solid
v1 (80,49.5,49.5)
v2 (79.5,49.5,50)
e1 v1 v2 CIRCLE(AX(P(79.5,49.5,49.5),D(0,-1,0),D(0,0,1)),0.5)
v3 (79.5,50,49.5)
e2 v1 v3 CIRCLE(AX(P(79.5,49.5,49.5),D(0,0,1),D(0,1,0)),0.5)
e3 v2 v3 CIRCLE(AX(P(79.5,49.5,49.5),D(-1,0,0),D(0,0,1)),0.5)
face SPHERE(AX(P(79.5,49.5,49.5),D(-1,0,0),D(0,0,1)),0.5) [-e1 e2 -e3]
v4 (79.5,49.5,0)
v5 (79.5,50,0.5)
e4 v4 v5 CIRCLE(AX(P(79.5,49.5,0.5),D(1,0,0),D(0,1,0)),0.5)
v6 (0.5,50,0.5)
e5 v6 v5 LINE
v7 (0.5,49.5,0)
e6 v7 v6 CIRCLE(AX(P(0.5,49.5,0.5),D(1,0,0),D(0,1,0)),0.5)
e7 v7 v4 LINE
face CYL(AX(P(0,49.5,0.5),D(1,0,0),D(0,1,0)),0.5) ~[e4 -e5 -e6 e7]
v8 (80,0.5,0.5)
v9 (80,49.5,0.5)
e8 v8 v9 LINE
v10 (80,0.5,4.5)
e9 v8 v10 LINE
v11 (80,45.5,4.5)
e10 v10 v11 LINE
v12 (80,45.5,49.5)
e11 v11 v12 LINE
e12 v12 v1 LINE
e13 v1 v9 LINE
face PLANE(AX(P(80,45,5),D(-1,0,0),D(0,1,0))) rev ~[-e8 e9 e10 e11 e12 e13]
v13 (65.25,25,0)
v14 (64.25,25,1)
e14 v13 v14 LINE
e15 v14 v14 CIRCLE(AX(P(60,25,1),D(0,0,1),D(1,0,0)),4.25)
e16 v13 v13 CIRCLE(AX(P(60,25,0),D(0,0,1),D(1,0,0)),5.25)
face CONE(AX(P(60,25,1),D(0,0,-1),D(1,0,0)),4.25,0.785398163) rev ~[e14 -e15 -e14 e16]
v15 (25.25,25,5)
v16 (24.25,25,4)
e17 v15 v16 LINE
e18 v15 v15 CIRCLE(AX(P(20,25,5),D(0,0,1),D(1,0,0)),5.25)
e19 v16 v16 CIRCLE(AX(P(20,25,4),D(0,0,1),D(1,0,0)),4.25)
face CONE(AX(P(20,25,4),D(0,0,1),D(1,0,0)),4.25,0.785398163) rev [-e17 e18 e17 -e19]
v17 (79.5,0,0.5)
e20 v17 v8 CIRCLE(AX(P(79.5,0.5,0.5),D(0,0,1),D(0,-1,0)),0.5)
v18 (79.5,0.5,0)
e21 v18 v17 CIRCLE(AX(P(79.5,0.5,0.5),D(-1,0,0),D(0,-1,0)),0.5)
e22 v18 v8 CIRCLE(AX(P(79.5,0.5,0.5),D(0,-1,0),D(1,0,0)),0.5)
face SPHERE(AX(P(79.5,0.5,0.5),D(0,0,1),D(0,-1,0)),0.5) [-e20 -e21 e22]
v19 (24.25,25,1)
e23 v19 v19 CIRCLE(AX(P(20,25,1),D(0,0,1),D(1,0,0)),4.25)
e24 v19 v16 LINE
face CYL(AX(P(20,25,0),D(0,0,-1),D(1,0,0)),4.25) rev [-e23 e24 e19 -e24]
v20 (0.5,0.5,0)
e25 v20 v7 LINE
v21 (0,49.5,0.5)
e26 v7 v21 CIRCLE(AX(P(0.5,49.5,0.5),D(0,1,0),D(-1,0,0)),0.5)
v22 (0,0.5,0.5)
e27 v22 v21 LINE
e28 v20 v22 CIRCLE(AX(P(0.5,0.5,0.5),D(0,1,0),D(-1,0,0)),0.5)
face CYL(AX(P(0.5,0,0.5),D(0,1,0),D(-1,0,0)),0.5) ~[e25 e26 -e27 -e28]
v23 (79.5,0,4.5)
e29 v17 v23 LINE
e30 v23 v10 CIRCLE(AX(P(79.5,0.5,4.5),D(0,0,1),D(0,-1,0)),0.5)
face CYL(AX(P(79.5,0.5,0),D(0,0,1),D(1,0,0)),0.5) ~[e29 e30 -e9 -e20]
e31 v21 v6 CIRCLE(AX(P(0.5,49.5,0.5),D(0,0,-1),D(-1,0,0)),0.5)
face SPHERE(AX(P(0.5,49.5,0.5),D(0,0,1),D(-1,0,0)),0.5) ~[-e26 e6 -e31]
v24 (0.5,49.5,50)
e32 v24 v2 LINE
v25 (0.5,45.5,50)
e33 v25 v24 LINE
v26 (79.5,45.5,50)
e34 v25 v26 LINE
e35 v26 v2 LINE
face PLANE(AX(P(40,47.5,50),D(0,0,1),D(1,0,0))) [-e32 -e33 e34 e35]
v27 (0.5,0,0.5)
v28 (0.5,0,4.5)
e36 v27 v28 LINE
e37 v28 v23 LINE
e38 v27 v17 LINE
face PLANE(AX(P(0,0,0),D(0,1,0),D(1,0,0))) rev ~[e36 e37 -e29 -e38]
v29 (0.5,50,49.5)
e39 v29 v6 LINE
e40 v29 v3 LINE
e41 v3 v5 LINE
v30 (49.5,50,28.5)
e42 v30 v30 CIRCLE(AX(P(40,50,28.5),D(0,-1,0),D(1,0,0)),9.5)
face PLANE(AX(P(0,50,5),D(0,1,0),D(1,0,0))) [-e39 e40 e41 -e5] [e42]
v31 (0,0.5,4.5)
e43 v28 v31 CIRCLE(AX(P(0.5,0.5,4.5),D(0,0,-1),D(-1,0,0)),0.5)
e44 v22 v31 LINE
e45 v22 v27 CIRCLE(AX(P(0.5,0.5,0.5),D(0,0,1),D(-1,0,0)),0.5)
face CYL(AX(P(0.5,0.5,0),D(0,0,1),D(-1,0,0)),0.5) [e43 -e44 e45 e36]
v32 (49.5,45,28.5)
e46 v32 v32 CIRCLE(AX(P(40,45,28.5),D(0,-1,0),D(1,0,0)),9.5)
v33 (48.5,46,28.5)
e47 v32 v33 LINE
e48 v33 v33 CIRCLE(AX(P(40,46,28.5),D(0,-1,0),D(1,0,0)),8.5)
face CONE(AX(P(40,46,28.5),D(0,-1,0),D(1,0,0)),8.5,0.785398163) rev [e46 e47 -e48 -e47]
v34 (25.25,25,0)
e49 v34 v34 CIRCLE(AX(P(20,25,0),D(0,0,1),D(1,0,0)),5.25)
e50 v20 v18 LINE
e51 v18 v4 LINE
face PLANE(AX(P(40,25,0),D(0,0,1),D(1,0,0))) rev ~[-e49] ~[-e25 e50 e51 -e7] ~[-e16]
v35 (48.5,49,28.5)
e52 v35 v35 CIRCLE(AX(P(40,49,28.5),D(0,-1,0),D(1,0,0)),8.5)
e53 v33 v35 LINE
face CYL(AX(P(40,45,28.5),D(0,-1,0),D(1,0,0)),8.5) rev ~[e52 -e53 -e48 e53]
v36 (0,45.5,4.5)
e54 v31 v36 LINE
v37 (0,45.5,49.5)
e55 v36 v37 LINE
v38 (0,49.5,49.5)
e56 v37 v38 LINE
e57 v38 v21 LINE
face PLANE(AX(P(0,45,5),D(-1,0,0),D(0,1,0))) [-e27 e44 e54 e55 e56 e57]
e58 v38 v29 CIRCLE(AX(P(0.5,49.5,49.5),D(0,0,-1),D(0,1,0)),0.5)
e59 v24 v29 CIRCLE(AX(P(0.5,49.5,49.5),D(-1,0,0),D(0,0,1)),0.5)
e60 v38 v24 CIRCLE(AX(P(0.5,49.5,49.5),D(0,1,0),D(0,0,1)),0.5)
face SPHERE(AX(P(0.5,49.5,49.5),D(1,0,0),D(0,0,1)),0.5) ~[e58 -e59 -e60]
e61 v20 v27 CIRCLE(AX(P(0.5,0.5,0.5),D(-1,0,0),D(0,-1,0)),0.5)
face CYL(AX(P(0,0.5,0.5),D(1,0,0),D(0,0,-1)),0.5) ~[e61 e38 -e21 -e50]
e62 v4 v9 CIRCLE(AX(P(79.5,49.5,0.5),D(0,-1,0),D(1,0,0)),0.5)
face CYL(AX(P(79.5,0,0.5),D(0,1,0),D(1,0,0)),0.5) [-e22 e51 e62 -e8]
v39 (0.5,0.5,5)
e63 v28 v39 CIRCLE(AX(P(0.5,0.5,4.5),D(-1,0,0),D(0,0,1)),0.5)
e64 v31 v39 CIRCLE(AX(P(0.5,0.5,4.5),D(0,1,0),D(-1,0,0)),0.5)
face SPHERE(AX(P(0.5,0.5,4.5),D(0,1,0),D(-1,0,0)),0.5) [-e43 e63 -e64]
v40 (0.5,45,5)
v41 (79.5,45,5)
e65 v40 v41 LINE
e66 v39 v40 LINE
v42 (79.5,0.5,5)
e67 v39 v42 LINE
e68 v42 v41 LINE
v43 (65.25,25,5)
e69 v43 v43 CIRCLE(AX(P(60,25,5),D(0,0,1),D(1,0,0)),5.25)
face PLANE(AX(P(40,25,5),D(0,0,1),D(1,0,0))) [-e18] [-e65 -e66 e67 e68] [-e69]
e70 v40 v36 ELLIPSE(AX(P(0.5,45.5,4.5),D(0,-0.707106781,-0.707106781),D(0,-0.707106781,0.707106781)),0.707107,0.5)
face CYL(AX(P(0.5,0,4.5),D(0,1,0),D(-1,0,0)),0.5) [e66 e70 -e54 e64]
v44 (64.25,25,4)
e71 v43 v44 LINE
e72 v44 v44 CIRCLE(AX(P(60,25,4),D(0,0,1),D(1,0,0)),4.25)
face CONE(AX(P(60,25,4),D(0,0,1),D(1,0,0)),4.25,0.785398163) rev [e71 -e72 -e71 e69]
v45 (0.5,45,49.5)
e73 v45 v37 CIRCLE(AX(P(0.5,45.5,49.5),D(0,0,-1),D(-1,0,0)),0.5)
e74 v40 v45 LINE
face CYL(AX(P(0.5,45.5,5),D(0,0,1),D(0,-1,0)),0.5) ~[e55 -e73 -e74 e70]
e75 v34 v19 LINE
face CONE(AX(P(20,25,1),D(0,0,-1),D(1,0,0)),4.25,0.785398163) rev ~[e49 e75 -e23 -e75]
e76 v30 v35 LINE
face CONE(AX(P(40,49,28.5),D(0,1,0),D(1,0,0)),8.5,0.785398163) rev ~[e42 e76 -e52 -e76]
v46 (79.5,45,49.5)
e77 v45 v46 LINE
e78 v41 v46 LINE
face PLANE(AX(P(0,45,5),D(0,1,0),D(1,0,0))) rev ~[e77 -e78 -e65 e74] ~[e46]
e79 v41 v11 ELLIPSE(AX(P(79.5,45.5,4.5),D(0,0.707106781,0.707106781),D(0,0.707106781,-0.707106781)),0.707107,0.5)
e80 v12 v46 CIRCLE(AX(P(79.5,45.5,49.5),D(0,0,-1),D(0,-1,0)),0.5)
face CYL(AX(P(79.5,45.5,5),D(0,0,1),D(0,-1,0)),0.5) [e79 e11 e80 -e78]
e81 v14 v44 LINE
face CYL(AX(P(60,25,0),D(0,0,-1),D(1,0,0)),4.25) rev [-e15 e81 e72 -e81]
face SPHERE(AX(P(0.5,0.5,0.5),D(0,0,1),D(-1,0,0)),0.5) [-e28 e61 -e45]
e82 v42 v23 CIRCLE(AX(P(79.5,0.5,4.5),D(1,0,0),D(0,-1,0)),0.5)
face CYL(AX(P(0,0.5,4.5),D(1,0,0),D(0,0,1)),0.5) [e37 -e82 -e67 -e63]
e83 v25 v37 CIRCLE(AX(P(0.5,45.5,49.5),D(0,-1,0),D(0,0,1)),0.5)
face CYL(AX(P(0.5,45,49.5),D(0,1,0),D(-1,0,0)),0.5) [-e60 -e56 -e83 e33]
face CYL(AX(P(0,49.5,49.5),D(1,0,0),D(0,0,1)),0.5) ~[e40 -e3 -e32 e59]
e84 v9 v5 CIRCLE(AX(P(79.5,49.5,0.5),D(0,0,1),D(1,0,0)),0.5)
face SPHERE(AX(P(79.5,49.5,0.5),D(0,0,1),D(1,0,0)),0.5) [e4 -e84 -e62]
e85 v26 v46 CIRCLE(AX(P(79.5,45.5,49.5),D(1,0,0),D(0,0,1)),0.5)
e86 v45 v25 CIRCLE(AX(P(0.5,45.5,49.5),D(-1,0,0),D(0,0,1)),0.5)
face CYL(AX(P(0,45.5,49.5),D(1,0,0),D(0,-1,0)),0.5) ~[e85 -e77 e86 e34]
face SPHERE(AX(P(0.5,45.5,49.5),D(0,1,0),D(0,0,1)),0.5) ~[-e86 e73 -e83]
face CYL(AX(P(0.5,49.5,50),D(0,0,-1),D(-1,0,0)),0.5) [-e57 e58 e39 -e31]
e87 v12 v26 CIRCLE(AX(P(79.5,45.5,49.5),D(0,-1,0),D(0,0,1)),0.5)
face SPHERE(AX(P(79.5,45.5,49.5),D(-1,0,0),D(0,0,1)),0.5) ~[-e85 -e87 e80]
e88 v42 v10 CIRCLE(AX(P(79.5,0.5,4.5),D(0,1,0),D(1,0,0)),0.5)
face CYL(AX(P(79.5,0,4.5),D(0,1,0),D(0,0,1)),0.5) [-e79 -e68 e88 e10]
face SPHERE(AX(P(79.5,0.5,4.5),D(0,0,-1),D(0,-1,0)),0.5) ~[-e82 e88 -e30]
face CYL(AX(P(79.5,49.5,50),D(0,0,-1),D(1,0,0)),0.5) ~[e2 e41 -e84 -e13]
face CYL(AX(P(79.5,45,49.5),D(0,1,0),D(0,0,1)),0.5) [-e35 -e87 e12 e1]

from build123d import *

# Parameters (mm, degrees)
F0_W     = 80
F0_H     = 50
F0_R     = 4.25
F1_DEPTH = 5
F2_W     = 80
F2_H     = 5
F3_DEPTH = 45
F4_R     = 8.5
F5_DEPTH = 25
F6_SIZE  = 1
F7_R     = 0.5


with BuildPart() as f1:
    # F0 (on Top) → F1 (new body)
    with BuildSketch(Plane.XY):
        with Locations((40, 25)):
            Rectangle(F0_W, F0_H)
        with Locations((20, 25)):
            Circle(F0_R, mode=Mode.SUBTRACT)
        with Locations((60, 25)):
            Circle(F0_R, mode=Mode.SUBTRACT)
    extrude(amount=F1_DEPTH)

    # F2 (on face) → F3 (join)
    with BuildSketch(Plane.XY.offset(5)):
        with Locations((40, 47.5)):
            Rectangle(F2_W, F2_H)
    extrude(amount=F3_DEPTH)

    # F4 (on face) → F5 (cut)
    with BuildSketch(Plane.XZ.offset(-45)):
        with Locations((40, 28.5)):
            Circle(F4_R)
    extrude(amount=-F5_DEPTH, mode=Mode.SUBTRACT)

    # F6
    f6_edges = [f1.edges().sort_by_distance(p)[0] for p in [
        (31.5, 45, 28.5),
        (31.5, 50, 28.5),
        (15.75, 25, 5),
        (55.75, 25, 5),
        (55.75, 25, 0),
        (15.75, 25, 0),
    ]]
    chamfer(f6_edges, length=F6_SIZE)

    # F7
    f7_edges = [f1.edges().sort_by_distance(p)[0] for p in [
        (40, 50, 50),
        (0, 47.5, 50),
        (40, 45, 50),
        (80, 47.5, 50),
        (0, 50, 25),
        (0, 45, 27.5),
        (0, 22.5, 5),
        (0, 0, 2.5),
        (0, 25, 0),
        (80, 0, 2.5),
        (40, 0, 0),
        (40, 0, 5),
        (80, 22.5, 5),
        (80, 45, 27.5),
        (80, 50, 25),
        (80, 25, 0),
        (40, 50, 0),
    ]]
    fillet(f7_edges, radius=F7_R)


solid = f1.part
